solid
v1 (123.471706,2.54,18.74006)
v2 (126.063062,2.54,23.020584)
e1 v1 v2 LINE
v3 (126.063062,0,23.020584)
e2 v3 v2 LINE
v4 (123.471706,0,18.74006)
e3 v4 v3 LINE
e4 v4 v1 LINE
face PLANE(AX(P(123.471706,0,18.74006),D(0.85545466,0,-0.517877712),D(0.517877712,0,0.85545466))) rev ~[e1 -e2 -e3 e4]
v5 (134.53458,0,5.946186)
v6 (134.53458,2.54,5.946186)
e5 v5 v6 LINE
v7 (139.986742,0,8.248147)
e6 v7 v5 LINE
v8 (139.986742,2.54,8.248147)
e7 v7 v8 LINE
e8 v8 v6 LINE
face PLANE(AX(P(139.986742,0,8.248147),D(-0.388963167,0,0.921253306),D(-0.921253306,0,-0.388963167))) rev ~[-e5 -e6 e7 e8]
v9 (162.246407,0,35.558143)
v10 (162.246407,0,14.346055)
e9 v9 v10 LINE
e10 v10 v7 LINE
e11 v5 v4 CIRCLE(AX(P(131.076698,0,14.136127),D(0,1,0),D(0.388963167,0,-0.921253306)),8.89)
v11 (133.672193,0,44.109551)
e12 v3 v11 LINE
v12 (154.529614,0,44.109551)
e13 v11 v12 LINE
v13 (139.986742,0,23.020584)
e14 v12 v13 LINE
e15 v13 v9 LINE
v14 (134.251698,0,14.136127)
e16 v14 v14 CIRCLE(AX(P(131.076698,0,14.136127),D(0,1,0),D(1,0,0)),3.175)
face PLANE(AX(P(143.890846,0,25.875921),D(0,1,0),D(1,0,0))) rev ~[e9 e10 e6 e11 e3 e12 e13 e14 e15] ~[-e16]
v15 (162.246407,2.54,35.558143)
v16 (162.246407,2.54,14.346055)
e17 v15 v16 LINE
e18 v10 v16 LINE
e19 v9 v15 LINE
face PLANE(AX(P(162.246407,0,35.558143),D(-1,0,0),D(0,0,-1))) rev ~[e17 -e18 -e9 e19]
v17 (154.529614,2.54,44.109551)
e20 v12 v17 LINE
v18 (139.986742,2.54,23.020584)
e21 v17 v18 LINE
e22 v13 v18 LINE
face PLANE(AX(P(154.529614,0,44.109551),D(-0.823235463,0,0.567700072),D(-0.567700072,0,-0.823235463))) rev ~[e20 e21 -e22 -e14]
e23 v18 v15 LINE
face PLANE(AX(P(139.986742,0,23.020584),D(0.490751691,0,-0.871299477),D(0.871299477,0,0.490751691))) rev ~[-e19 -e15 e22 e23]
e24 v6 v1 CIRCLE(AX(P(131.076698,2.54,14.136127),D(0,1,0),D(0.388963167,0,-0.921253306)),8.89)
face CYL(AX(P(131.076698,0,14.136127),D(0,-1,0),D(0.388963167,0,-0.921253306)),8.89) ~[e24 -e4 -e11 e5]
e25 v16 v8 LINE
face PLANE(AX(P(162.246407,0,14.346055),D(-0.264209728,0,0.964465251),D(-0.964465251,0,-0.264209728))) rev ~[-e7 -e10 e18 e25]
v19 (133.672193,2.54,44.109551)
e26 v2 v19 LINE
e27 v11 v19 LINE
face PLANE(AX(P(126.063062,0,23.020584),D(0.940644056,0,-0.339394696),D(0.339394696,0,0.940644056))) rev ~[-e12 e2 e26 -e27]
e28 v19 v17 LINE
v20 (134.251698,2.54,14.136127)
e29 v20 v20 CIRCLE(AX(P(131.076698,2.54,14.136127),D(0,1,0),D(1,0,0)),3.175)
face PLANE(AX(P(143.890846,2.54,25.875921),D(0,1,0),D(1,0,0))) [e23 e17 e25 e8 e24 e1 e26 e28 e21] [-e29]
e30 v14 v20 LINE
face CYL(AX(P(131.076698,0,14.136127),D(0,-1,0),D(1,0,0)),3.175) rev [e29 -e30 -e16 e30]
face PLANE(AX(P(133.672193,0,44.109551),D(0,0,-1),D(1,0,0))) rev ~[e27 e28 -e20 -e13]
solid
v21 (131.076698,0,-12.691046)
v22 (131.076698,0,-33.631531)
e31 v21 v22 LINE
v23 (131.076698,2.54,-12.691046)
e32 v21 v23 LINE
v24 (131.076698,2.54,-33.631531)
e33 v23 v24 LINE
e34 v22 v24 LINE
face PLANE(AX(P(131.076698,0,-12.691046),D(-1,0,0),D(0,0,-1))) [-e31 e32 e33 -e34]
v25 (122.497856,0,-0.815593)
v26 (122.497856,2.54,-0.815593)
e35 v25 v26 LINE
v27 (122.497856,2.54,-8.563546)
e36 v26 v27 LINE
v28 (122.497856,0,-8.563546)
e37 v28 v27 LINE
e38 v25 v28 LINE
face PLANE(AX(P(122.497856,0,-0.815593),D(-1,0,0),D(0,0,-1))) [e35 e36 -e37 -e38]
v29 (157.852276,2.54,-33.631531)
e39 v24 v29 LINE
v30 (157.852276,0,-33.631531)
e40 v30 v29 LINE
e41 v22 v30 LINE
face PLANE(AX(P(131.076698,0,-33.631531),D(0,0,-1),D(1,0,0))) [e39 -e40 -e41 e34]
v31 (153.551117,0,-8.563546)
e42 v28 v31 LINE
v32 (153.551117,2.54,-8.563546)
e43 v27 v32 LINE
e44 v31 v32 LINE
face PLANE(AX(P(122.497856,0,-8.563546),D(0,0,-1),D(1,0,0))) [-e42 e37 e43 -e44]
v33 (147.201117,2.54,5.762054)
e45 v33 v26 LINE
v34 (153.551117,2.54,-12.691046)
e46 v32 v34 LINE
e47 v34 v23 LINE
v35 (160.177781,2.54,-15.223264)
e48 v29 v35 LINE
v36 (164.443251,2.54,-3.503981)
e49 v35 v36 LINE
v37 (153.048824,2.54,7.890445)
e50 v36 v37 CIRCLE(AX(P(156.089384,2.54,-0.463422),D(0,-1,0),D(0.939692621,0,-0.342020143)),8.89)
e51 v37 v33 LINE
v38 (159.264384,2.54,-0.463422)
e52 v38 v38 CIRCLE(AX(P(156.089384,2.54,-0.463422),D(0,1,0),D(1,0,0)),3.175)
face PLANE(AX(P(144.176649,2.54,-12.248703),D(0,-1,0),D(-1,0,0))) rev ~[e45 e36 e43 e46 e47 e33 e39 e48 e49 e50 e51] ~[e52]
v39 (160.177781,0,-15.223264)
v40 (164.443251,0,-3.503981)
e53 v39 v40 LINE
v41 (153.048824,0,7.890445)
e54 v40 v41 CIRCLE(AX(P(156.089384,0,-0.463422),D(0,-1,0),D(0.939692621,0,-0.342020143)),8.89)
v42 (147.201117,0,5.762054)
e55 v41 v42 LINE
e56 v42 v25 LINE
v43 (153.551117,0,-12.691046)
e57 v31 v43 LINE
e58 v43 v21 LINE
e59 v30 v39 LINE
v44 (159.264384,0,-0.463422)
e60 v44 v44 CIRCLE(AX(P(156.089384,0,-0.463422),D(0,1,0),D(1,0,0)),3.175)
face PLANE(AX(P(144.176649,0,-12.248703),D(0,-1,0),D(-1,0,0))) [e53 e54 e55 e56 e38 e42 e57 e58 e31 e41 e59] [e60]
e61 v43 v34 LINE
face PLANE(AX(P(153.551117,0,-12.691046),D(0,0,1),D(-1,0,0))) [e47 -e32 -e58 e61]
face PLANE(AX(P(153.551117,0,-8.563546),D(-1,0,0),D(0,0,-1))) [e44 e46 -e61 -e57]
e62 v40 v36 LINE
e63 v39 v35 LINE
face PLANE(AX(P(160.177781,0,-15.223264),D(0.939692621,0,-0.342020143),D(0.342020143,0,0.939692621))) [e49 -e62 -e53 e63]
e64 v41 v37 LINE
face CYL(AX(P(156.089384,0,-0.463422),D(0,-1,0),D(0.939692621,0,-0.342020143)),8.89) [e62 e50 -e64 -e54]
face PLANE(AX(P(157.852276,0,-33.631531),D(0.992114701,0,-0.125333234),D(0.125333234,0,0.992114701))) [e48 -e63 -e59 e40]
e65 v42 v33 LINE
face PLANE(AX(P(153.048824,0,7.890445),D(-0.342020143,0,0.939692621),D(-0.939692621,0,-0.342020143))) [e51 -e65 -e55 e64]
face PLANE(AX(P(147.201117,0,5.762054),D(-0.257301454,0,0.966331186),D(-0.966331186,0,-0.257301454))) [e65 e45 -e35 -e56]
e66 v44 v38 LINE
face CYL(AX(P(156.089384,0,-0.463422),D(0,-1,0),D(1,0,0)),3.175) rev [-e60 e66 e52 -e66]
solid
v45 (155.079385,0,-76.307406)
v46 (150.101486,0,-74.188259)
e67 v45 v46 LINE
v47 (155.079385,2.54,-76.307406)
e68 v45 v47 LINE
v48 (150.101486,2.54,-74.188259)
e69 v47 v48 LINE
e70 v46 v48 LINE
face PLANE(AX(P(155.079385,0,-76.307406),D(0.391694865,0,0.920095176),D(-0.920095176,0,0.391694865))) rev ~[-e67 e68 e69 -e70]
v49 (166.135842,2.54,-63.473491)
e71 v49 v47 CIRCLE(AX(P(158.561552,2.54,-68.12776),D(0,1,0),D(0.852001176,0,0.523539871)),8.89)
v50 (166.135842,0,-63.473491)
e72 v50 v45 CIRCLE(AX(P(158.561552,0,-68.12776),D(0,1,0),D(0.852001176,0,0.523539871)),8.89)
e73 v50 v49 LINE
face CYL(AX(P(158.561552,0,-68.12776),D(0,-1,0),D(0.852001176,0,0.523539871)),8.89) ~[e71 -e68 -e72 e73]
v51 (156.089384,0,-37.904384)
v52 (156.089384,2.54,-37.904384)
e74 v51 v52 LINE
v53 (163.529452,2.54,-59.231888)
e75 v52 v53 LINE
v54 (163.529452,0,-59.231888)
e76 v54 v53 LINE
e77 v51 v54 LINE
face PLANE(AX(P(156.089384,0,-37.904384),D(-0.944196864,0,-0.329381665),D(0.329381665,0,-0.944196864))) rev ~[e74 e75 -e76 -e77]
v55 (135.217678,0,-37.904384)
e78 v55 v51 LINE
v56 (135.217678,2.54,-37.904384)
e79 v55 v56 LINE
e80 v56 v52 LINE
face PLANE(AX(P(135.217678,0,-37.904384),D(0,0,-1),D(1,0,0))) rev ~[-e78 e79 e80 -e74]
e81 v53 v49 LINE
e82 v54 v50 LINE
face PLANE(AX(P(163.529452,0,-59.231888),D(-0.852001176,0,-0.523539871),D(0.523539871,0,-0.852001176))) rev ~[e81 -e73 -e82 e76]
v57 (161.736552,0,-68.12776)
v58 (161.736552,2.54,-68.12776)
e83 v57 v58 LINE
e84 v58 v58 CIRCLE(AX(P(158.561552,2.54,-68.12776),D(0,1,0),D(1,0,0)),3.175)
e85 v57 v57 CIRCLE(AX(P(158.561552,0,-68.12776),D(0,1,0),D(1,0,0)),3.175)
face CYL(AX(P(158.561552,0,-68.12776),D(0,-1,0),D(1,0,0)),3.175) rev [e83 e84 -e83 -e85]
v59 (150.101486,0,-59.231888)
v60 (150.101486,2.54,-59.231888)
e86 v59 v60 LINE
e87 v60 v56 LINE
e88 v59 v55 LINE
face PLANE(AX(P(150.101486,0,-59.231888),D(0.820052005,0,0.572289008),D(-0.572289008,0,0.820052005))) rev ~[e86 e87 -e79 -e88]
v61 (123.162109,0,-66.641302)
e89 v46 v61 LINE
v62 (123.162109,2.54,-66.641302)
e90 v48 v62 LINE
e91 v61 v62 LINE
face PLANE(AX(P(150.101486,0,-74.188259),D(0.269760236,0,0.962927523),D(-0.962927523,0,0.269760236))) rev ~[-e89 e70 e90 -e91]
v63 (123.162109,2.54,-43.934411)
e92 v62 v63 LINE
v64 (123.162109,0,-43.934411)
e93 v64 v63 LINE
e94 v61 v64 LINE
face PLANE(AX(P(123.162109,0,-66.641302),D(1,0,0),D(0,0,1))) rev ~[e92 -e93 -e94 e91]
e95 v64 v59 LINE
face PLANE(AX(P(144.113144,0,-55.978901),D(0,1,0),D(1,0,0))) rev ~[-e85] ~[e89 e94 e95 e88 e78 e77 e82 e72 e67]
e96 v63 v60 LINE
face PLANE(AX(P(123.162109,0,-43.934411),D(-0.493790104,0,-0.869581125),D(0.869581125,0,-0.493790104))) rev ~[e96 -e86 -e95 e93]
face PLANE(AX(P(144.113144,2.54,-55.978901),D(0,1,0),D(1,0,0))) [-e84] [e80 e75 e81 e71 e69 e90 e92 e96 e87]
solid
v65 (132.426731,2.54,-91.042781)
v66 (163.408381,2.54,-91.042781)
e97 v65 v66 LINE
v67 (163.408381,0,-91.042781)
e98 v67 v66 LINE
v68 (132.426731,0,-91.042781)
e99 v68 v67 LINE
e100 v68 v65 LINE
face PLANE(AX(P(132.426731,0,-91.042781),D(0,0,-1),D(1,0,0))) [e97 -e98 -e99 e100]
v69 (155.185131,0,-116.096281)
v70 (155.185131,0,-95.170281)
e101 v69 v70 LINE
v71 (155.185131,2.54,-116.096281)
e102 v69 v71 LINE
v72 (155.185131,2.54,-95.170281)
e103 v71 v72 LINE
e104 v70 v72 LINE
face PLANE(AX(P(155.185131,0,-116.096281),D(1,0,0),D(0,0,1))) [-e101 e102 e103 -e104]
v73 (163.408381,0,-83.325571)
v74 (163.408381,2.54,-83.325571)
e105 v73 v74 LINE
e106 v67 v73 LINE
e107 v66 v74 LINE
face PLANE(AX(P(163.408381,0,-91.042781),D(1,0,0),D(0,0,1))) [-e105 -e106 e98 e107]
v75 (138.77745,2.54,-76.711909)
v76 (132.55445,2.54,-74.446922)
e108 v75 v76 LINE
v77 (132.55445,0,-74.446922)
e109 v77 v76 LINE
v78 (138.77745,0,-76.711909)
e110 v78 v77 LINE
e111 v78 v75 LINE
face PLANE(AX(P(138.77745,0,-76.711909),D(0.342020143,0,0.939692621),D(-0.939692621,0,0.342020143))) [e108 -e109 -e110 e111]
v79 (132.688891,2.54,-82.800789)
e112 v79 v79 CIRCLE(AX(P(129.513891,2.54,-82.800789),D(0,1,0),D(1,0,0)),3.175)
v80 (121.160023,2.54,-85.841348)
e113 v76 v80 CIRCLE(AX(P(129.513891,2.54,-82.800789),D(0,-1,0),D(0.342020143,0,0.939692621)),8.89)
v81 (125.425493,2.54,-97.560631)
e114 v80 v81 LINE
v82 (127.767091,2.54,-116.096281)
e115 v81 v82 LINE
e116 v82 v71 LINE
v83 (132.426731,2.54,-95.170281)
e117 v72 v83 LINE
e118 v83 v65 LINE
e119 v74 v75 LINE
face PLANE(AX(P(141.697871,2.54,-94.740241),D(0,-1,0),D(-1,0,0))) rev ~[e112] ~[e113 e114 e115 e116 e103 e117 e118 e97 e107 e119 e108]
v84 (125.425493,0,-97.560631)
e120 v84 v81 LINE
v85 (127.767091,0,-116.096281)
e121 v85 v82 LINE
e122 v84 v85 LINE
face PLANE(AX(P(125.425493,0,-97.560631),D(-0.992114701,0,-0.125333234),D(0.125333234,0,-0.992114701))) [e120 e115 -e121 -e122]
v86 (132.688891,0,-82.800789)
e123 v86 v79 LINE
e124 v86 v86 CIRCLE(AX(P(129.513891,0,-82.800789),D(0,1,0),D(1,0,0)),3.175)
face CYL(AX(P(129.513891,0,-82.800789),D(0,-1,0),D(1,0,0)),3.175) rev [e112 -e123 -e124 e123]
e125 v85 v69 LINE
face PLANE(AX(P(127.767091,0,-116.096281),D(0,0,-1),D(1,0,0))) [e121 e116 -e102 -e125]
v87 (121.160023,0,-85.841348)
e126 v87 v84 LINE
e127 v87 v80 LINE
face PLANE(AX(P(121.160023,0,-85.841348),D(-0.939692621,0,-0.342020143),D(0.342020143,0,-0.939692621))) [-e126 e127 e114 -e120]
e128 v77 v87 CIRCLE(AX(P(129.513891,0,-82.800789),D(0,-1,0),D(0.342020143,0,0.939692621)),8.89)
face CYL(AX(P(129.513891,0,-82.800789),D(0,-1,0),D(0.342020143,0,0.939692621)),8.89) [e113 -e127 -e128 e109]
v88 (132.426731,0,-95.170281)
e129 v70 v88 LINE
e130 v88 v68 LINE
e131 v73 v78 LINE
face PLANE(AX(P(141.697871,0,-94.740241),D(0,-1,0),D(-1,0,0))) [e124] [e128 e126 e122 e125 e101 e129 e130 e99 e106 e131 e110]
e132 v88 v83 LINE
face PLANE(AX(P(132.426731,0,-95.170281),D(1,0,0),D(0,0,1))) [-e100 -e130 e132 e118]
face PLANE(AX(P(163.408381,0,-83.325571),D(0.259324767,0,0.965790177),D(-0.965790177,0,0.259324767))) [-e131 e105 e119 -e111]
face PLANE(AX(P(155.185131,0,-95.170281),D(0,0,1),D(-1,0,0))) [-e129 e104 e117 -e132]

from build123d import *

# Parameters (mm, degrees)
SKETCH1_R             = 3.175
BOSS_EXTRUDE1_DEPTH   = 2.54
BOSS_EXTRUDE1_2_DEPTH = 2.54
BOSS_EXTRUDE1_3_DEPTH = 2.54
BOSS_EXTRUDE1_4_DEPTH = 2.54


with BuildPart() as part:
    # Sketch1 → Boss-Extrude1 (new body)
    with BuildSketch(Plane(origin=(0, 0, 0), x_dir=(1, 0, 0), z_dir=(0, 1, 0))):
        with BuildLine():
            Line((121.160023429, 85.841348265), (125.425493445, 97.560630816))
            Line((125.425493445, 97.560630816), (127.767090588, 116.096280816))
            Line((127.767090588, 116.096280816), (155.185130831, 116.096280816))
            Line((155.185130831, 116.096280816), (155.185130831, 95.170280682))
            Line((155.185130831, 95.170280682), (132.426730831, 95.170280682))
            Line((132.426730831, 95.170280682), (132.426730831, 91.042780682))
            Line((132.426730831, 91.042780682), (138.776730831, 91.042780682))
            Line((138.776730831, 91.042780682), (163.408380831, 91.042780682))
            Line((163.408380831, 91.042780682), (163.408380831, 83.325571221))
            Line((163.408380831, 83.325571221), (138.777449902, 76.71190856))
            Line((138.777449902, 76.71190856), (132.554449902, 74.446921792))
            ThreePointArc((132.554449902, 74.446921792), (123.227711543, 76.514609906), (121.160023429, 85.841348265))
        make_face()
        with Locations((129.513890828, 82.800789191)):
            Circle(SKETCH1_R, mode=Mode.SUBTRACT)
    extrude(amount=BOSS_EXTRUDE1_DEPTH)


with BuildPart() as body_2:
    # Sketch1 → Boss-Extrude1 2 (new body)
    with BuildSketch(Plane(origin=(0, 0, 0), x_dir=(1, 0, 0), z_dir=(0, 1, 0))):
        with BuildLine():
            Line((123.471705783, -18.7400603), (126.06306228, -23.020584327))
            Line((126.06306228, -23.020584327), (133.672193007, -44.109551442))
            Line((133.672193007, -44.109551442), (154.5296138, -44.109551442))
            Line((154.5296138, -44.109551442), (139.986741583, -23.020584327))
            Line((139.986741583, -23.020584327), (162.246407354, -35.558143344))
            Line((162.246407354, -35.558143344), (162.246407354, -14.346055224))
            Line((162.246407354, -14.346055224), (139.986741583, -8.248147359))
            Line((139.986741583, -8.248147359), (134.534580264, -5.946185543))
            ThreePointArc((134.534580264, -5.946185543), (124.352083456, -8.321347722), (123.471705783, -18.7400603))
        make_face()
        with Locations((131.07669771, -14.136127438)):
            Circle(SKETCH1_R, mode=Mode.SUBTRACT)
    extrude(amount=BOSS_EXTRUDE1_2_DEPTH)


with BuildPart() as body_3:
    # Sketch1 → Boss-Extrude1 3 (new body)
    with BuildSketch(Plane(origin=(0, 0, 0), x_dir=(1, 0, 0), z_dir=(0, 1, 0))):
        with BuildLine():
            Line((155.0793846, 76.307406469), (150.101485678, 74.188258913))
            Line((150.101485678, 74.188258913), (123.162108904, 66.641301888))
            Line((123.162108904, 66.641301888), (123.162108904, 43.934410807))
            Line((123.162108904, 43.934410807), (150.101485678, 59.231888247))
            Line((150.101485678, 59.231888247), (135.217678068, 37.904383964))
            Line((135.217678068, 37.904383964), (156.089383515, 37.904383964))
            Line((156.089383515, 37.904383964), (163.529451504, 59.231888247))
            Line((163.529451504, 59.231888247), (166.135842398, 63.4734909))
            ThreePointArc((166.135842398, 63.4734909), (165.296811041, 73.930206812), (155.0793846, 76.307406469))
        make_face()
        with Locations((158.561551945, 68.127760353)):
            Circle(SKETCH1_R, mode=Mode.SUBTRACT)
    extrude(amount=BOSS_EXTRUDE1_3_DEPTH)


with BuildPart() as body_4:
    # Sketch1 → Boss-Extrude1 4 (new body)
    with BuildSketch(Plane(origin=(0, 0, 0), x_dir=(1, 0, 0), z_dir=(0, 1, 0))):
        with BuildLine():
            Line((153.04882444, -7.890445491), (147.201117261, -5.762054139))
            Line((147.201117261, -5.762054139), (122.497855638, 0.815592547))
            Line((122.497855638, 0.815592547), (122.497855638, 8.563545861))
            Line((122.497855638, 8.563545861), (147.201117261, 8.563545861))
            Line((147.201117261, 8.563545861), (153.551117261, 8.563545861))
            Line((153.551117261, 8.563545861), (153.551117261, 12.691045861))
            Line((153.551117261, 12.691045861), (131.07669771, 12.691045861))
            Line((131.07669771, 12.691045861), (131.07669771, 33.631531264))
            Line((131.07669771, 33.631531264), (157.852275877, 33.631531264))
            Line((157.852275877, 33.631531264), (160.177780898, 15.223263533))
            Line((160.177780898, 15.223263533), (164.443250913, 3.503980982))
            ThreePointArc((164.443250913, 3.503980982), (162.375562799, -5.822757377), (153.04882444, -7.890445491))
        make_face()
        with Locations((156.089383515, 0.463421908)):
            Circle(SKETCH1_R, mode=Mode.SUBTRACT)
    extrude(amount=BOSS_EXTRUDE1_4_DEPTH)


solid = Compound([part.part, body_2.part, body_3.part, body_4.part])
